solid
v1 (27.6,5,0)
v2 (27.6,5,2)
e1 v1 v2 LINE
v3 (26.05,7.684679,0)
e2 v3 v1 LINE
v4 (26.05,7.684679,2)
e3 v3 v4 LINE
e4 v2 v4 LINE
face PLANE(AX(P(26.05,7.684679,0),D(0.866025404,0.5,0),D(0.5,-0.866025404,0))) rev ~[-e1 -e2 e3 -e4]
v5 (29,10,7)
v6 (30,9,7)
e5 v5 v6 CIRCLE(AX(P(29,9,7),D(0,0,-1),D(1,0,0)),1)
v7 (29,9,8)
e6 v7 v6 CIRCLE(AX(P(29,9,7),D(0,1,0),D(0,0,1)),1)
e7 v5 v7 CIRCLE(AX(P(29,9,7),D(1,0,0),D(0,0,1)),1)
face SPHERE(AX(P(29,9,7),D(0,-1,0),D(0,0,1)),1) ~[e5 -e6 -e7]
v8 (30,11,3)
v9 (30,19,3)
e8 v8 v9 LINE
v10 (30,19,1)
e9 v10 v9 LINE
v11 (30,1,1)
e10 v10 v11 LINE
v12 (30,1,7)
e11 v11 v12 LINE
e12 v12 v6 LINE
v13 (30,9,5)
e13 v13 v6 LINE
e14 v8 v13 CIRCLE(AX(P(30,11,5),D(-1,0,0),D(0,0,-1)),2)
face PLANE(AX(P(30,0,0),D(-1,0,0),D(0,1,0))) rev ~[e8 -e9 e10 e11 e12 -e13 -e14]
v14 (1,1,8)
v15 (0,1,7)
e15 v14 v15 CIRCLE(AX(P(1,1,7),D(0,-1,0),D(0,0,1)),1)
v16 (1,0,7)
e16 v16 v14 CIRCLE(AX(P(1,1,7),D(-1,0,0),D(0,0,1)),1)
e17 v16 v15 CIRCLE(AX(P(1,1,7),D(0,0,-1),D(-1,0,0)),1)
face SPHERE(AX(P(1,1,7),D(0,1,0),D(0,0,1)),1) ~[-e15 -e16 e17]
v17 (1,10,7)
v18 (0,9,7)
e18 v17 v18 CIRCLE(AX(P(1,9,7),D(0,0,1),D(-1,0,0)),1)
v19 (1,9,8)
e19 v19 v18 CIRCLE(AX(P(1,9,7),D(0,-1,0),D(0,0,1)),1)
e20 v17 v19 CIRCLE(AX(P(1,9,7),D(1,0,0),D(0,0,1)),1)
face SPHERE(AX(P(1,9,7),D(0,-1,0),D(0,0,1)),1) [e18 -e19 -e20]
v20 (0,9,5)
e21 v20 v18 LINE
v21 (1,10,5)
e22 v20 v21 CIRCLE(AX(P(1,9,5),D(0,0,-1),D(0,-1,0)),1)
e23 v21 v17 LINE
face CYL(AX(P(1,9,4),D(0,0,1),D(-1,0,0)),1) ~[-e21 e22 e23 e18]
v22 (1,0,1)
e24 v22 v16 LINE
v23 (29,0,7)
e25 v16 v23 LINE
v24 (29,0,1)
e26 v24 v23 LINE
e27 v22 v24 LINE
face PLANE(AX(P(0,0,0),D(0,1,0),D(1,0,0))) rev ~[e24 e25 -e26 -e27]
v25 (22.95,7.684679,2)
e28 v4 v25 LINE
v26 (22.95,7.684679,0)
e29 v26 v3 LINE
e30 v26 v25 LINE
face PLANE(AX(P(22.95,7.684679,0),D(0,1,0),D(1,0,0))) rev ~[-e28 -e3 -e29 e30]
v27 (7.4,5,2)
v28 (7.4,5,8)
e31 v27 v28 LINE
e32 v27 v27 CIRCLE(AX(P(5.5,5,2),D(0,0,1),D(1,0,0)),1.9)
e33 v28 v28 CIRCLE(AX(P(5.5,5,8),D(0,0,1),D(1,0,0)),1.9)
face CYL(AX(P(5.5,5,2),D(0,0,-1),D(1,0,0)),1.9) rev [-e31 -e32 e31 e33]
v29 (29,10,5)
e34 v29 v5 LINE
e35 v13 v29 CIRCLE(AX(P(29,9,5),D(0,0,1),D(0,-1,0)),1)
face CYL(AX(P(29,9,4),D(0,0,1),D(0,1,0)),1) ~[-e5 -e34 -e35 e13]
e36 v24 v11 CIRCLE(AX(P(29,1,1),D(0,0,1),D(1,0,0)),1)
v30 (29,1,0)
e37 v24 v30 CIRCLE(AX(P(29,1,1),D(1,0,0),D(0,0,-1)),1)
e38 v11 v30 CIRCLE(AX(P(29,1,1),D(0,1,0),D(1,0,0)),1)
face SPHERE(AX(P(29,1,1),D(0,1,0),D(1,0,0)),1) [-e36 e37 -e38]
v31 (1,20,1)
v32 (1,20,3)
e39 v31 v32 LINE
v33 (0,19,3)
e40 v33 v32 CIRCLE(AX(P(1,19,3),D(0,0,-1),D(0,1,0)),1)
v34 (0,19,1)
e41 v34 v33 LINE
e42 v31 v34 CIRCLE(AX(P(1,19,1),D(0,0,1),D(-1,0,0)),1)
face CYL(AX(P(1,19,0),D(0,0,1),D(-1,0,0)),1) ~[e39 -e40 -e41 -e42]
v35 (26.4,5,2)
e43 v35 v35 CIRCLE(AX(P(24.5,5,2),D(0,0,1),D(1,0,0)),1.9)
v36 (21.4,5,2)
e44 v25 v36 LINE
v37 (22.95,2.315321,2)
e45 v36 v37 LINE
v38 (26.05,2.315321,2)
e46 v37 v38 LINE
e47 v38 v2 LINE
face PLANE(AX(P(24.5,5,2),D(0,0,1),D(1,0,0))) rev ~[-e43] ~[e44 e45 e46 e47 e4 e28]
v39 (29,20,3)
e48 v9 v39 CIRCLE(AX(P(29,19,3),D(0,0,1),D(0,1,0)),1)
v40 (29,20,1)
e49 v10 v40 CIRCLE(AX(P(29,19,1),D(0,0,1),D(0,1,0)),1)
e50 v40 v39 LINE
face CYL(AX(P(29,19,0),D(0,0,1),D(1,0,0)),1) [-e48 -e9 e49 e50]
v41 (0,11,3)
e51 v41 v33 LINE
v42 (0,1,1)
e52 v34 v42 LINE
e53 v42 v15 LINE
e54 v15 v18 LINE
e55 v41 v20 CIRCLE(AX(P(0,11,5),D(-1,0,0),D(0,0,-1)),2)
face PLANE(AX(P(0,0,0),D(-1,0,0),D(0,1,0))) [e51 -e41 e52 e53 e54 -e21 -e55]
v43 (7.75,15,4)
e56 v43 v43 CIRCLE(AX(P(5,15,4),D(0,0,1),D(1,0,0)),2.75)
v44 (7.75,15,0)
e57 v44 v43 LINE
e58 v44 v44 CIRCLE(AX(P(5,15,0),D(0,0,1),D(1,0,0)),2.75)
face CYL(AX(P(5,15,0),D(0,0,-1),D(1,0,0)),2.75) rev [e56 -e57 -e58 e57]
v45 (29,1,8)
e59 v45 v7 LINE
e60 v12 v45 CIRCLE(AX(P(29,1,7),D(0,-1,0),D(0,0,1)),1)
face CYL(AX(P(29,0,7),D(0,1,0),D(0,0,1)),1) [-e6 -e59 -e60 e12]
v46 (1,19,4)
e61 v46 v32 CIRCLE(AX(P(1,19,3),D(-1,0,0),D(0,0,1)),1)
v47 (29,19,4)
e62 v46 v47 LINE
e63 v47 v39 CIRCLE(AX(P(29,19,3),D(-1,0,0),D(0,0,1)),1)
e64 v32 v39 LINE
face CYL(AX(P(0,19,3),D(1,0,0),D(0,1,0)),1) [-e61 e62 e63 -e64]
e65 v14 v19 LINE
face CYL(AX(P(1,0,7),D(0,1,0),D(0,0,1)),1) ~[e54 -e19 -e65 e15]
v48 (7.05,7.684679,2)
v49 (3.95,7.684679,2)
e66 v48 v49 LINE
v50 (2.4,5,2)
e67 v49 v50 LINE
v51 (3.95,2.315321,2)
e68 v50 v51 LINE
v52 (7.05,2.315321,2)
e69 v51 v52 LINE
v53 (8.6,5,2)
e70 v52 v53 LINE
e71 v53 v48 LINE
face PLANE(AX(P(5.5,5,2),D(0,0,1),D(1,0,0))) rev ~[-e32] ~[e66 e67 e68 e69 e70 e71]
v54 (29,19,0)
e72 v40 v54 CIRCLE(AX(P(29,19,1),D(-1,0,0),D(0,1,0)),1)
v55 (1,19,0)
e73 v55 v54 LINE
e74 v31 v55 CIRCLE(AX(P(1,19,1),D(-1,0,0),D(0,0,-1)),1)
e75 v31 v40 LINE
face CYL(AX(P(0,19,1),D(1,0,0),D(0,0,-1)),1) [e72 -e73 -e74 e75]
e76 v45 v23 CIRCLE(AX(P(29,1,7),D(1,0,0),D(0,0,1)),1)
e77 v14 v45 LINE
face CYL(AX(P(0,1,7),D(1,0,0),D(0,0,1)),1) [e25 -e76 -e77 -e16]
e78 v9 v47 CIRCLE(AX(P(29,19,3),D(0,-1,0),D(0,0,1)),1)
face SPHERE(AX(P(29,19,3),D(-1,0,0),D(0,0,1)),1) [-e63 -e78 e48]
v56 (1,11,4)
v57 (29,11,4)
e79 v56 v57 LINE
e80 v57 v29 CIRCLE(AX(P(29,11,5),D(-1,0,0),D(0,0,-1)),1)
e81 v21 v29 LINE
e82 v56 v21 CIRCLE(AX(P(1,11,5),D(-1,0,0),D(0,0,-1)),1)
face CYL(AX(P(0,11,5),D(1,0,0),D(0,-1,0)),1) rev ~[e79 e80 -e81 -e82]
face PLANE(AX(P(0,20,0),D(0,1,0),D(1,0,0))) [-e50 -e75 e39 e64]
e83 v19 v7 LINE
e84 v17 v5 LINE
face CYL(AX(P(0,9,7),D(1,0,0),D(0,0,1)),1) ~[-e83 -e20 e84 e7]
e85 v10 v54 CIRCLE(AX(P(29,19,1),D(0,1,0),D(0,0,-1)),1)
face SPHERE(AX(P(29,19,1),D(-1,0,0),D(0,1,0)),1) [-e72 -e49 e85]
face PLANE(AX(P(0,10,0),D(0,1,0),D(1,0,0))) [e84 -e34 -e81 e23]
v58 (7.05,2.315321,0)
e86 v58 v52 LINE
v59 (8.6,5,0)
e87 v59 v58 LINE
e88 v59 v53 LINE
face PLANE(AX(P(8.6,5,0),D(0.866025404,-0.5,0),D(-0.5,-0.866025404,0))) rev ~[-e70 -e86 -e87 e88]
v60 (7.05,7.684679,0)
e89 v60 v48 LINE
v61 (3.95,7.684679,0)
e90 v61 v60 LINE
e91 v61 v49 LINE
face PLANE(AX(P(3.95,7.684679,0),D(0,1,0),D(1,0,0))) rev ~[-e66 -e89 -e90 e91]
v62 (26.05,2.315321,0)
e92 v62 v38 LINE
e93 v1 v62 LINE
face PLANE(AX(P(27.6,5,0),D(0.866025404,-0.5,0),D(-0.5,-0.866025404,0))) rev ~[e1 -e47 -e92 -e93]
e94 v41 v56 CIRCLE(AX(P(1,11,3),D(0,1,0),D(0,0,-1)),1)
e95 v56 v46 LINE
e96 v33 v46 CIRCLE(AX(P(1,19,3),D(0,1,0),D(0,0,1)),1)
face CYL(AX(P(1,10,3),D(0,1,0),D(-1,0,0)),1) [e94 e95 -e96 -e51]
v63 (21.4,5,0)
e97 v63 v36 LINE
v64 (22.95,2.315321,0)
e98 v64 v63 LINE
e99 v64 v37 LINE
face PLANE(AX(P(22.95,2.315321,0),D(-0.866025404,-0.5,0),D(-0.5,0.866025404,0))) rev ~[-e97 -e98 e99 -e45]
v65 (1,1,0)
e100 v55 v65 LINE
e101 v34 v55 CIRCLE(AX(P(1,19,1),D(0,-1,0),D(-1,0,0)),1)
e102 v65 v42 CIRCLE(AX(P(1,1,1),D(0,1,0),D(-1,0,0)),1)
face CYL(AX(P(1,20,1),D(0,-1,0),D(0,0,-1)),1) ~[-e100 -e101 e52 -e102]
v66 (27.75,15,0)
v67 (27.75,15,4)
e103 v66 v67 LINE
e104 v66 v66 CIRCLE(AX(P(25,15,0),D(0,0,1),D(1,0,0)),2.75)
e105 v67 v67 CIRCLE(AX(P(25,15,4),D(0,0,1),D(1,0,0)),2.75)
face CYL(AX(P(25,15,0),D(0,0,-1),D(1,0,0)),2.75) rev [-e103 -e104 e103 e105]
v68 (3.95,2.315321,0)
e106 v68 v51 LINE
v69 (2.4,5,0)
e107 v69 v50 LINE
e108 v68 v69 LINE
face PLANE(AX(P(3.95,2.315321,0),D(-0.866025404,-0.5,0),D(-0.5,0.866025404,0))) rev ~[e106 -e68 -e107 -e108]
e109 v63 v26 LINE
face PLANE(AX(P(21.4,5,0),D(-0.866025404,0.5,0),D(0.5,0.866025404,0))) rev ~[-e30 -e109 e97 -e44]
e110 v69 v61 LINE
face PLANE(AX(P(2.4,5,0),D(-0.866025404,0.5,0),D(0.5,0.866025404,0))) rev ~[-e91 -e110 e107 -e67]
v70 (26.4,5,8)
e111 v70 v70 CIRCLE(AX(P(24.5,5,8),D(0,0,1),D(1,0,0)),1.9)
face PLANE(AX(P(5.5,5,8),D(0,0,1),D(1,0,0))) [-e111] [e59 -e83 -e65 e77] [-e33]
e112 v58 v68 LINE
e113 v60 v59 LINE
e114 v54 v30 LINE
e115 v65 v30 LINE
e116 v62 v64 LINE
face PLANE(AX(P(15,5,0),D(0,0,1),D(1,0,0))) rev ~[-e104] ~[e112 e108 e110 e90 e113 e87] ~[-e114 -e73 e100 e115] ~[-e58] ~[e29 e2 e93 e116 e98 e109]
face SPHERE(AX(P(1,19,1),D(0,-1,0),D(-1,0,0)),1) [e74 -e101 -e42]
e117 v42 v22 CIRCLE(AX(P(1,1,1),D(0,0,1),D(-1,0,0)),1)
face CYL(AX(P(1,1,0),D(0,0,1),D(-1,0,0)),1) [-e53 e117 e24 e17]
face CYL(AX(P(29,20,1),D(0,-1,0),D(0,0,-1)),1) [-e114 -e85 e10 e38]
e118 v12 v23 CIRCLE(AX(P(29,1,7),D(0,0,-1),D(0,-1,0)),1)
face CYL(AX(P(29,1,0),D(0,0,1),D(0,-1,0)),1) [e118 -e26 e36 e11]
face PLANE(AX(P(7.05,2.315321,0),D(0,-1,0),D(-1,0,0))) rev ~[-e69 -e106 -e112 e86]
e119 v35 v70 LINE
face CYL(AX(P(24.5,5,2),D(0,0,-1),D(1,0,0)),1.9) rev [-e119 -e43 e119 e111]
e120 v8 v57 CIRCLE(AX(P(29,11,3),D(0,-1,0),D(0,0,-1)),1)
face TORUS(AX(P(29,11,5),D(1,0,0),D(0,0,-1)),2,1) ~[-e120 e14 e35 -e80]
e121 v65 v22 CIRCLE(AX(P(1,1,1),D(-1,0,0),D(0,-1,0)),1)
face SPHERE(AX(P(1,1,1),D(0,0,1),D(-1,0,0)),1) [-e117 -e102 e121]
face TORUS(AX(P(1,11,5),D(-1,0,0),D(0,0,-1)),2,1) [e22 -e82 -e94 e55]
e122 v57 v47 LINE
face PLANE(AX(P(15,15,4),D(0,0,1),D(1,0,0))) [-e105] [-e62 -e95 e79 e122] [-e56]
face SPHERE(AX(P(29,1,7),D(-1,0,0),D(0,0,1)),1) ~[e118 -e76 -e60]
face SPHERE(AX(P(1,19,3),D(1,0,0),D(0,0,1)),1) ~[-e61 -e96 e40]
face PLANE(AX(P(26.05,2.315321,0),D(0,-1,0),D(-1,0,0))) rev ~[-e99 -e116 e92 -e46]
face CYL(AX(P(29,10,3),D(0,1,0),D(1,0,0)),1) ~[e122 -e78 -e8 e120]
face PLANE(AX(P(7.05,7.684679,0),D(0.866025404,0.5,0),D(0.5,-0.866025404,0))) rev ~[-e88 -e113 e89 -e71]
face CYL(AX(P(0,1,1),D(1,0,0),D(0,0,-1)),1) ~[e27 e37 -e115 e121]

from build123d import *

# Parameters (mm, degrees)
F0_W     = 30
F0_H     = 10
F0_R     = 2.75
F1_DEPTH = 4
F2_DEPTH = 8
F3_START = 2
F0_R_2   = 1.9
F3_DEPTH = 6
F4_R     = 1


with BuildPart() as f1:
    # F0 (on Top) → F1 (new body)
    with BuildSketch(Plane.XY):
        with Locations((15, 15)):
            Rectangle(F0_W, F0_H)
        with Locations((5, 15)):
            Circle(F0_R, mode=Mode.SUBTRACT)
        with Locations((25, 15)):
            Circle(F0_R, mode=Mode.SUBTRACT)
    extrude(amount=F1_DEPTH)

    # F0 (on Top) → F2 (join)
    with BuildSketch(Plane.XY):
        with Locations((15, 5)):
            Rectangle(F0_W, F0_H)
        Polygon((3.95, 2.3153212483), (2.4, 5), (3.95, 7.6846787517), (7.05, 7.6846787517), (8.6, 5), (7.05, 2.3153212483), align=None, mode=Mode.SUBTRACT)
        Polygon((22.95, 2.3153212483), (21.4, 5), (22.95, 7.6846787517), (26.05, 7.6846787517), (27.6, 5), (26.05, 2.3153212483), align=None, mode=Mode.SUBTRACT)
    extrude(amount=F2_DEPTH)

    # F0 (on Top) → F3 (join)
    with BuildSketch(Plane.XY.offset(F3_START)):
        Polygon((3.95, 7.6846787517), (2.4, 5), (3.95, 2.3153212483), (7.05, 2.3153212483), (8.6, 5), (7.05, 7.6846787517), align=None)
        with Locations((5.5, 5)):
            Circle(F0_R_2, mode=Mode.SUBTRACT)
        Polygon((22.95, 7.6846787517), (21.4, 5), (22.95, 2.3153212483), (26.05, 2.3153212483), (27.6, 5), (26.05, 7.6846787517), align=None)
        with Locations((24.5, 5)):
            Circle(F0_R_2, mode=Mode.SUBTRACT)
    extrude(amount=F3_DEPTH)

    # F4
    f4_edges = [f1.edges().sort_by_distance(p)[0] for p in [
        (0, 5, 8),
        (15, 0, 8),
        (30, 5, 8),
        (15, 10, 8),
        (15, 10, 4),
        (15, 20, 4),
        (0, 15, 4),
        (30, 15, 4),
        (0, 10, 6),
        (30, 10, 6),
        (0, 0, 4),
        (0, 10, 0),
        (0, 20, 2),
        (15, 20, 0),
        (30, 20, 2),
        (30, 10, 0),
        (30, 0, 4),
        (15, 0, 0),
    ]]
    fillet(f4_edges, radius=F4_R)


solid = f1.part
